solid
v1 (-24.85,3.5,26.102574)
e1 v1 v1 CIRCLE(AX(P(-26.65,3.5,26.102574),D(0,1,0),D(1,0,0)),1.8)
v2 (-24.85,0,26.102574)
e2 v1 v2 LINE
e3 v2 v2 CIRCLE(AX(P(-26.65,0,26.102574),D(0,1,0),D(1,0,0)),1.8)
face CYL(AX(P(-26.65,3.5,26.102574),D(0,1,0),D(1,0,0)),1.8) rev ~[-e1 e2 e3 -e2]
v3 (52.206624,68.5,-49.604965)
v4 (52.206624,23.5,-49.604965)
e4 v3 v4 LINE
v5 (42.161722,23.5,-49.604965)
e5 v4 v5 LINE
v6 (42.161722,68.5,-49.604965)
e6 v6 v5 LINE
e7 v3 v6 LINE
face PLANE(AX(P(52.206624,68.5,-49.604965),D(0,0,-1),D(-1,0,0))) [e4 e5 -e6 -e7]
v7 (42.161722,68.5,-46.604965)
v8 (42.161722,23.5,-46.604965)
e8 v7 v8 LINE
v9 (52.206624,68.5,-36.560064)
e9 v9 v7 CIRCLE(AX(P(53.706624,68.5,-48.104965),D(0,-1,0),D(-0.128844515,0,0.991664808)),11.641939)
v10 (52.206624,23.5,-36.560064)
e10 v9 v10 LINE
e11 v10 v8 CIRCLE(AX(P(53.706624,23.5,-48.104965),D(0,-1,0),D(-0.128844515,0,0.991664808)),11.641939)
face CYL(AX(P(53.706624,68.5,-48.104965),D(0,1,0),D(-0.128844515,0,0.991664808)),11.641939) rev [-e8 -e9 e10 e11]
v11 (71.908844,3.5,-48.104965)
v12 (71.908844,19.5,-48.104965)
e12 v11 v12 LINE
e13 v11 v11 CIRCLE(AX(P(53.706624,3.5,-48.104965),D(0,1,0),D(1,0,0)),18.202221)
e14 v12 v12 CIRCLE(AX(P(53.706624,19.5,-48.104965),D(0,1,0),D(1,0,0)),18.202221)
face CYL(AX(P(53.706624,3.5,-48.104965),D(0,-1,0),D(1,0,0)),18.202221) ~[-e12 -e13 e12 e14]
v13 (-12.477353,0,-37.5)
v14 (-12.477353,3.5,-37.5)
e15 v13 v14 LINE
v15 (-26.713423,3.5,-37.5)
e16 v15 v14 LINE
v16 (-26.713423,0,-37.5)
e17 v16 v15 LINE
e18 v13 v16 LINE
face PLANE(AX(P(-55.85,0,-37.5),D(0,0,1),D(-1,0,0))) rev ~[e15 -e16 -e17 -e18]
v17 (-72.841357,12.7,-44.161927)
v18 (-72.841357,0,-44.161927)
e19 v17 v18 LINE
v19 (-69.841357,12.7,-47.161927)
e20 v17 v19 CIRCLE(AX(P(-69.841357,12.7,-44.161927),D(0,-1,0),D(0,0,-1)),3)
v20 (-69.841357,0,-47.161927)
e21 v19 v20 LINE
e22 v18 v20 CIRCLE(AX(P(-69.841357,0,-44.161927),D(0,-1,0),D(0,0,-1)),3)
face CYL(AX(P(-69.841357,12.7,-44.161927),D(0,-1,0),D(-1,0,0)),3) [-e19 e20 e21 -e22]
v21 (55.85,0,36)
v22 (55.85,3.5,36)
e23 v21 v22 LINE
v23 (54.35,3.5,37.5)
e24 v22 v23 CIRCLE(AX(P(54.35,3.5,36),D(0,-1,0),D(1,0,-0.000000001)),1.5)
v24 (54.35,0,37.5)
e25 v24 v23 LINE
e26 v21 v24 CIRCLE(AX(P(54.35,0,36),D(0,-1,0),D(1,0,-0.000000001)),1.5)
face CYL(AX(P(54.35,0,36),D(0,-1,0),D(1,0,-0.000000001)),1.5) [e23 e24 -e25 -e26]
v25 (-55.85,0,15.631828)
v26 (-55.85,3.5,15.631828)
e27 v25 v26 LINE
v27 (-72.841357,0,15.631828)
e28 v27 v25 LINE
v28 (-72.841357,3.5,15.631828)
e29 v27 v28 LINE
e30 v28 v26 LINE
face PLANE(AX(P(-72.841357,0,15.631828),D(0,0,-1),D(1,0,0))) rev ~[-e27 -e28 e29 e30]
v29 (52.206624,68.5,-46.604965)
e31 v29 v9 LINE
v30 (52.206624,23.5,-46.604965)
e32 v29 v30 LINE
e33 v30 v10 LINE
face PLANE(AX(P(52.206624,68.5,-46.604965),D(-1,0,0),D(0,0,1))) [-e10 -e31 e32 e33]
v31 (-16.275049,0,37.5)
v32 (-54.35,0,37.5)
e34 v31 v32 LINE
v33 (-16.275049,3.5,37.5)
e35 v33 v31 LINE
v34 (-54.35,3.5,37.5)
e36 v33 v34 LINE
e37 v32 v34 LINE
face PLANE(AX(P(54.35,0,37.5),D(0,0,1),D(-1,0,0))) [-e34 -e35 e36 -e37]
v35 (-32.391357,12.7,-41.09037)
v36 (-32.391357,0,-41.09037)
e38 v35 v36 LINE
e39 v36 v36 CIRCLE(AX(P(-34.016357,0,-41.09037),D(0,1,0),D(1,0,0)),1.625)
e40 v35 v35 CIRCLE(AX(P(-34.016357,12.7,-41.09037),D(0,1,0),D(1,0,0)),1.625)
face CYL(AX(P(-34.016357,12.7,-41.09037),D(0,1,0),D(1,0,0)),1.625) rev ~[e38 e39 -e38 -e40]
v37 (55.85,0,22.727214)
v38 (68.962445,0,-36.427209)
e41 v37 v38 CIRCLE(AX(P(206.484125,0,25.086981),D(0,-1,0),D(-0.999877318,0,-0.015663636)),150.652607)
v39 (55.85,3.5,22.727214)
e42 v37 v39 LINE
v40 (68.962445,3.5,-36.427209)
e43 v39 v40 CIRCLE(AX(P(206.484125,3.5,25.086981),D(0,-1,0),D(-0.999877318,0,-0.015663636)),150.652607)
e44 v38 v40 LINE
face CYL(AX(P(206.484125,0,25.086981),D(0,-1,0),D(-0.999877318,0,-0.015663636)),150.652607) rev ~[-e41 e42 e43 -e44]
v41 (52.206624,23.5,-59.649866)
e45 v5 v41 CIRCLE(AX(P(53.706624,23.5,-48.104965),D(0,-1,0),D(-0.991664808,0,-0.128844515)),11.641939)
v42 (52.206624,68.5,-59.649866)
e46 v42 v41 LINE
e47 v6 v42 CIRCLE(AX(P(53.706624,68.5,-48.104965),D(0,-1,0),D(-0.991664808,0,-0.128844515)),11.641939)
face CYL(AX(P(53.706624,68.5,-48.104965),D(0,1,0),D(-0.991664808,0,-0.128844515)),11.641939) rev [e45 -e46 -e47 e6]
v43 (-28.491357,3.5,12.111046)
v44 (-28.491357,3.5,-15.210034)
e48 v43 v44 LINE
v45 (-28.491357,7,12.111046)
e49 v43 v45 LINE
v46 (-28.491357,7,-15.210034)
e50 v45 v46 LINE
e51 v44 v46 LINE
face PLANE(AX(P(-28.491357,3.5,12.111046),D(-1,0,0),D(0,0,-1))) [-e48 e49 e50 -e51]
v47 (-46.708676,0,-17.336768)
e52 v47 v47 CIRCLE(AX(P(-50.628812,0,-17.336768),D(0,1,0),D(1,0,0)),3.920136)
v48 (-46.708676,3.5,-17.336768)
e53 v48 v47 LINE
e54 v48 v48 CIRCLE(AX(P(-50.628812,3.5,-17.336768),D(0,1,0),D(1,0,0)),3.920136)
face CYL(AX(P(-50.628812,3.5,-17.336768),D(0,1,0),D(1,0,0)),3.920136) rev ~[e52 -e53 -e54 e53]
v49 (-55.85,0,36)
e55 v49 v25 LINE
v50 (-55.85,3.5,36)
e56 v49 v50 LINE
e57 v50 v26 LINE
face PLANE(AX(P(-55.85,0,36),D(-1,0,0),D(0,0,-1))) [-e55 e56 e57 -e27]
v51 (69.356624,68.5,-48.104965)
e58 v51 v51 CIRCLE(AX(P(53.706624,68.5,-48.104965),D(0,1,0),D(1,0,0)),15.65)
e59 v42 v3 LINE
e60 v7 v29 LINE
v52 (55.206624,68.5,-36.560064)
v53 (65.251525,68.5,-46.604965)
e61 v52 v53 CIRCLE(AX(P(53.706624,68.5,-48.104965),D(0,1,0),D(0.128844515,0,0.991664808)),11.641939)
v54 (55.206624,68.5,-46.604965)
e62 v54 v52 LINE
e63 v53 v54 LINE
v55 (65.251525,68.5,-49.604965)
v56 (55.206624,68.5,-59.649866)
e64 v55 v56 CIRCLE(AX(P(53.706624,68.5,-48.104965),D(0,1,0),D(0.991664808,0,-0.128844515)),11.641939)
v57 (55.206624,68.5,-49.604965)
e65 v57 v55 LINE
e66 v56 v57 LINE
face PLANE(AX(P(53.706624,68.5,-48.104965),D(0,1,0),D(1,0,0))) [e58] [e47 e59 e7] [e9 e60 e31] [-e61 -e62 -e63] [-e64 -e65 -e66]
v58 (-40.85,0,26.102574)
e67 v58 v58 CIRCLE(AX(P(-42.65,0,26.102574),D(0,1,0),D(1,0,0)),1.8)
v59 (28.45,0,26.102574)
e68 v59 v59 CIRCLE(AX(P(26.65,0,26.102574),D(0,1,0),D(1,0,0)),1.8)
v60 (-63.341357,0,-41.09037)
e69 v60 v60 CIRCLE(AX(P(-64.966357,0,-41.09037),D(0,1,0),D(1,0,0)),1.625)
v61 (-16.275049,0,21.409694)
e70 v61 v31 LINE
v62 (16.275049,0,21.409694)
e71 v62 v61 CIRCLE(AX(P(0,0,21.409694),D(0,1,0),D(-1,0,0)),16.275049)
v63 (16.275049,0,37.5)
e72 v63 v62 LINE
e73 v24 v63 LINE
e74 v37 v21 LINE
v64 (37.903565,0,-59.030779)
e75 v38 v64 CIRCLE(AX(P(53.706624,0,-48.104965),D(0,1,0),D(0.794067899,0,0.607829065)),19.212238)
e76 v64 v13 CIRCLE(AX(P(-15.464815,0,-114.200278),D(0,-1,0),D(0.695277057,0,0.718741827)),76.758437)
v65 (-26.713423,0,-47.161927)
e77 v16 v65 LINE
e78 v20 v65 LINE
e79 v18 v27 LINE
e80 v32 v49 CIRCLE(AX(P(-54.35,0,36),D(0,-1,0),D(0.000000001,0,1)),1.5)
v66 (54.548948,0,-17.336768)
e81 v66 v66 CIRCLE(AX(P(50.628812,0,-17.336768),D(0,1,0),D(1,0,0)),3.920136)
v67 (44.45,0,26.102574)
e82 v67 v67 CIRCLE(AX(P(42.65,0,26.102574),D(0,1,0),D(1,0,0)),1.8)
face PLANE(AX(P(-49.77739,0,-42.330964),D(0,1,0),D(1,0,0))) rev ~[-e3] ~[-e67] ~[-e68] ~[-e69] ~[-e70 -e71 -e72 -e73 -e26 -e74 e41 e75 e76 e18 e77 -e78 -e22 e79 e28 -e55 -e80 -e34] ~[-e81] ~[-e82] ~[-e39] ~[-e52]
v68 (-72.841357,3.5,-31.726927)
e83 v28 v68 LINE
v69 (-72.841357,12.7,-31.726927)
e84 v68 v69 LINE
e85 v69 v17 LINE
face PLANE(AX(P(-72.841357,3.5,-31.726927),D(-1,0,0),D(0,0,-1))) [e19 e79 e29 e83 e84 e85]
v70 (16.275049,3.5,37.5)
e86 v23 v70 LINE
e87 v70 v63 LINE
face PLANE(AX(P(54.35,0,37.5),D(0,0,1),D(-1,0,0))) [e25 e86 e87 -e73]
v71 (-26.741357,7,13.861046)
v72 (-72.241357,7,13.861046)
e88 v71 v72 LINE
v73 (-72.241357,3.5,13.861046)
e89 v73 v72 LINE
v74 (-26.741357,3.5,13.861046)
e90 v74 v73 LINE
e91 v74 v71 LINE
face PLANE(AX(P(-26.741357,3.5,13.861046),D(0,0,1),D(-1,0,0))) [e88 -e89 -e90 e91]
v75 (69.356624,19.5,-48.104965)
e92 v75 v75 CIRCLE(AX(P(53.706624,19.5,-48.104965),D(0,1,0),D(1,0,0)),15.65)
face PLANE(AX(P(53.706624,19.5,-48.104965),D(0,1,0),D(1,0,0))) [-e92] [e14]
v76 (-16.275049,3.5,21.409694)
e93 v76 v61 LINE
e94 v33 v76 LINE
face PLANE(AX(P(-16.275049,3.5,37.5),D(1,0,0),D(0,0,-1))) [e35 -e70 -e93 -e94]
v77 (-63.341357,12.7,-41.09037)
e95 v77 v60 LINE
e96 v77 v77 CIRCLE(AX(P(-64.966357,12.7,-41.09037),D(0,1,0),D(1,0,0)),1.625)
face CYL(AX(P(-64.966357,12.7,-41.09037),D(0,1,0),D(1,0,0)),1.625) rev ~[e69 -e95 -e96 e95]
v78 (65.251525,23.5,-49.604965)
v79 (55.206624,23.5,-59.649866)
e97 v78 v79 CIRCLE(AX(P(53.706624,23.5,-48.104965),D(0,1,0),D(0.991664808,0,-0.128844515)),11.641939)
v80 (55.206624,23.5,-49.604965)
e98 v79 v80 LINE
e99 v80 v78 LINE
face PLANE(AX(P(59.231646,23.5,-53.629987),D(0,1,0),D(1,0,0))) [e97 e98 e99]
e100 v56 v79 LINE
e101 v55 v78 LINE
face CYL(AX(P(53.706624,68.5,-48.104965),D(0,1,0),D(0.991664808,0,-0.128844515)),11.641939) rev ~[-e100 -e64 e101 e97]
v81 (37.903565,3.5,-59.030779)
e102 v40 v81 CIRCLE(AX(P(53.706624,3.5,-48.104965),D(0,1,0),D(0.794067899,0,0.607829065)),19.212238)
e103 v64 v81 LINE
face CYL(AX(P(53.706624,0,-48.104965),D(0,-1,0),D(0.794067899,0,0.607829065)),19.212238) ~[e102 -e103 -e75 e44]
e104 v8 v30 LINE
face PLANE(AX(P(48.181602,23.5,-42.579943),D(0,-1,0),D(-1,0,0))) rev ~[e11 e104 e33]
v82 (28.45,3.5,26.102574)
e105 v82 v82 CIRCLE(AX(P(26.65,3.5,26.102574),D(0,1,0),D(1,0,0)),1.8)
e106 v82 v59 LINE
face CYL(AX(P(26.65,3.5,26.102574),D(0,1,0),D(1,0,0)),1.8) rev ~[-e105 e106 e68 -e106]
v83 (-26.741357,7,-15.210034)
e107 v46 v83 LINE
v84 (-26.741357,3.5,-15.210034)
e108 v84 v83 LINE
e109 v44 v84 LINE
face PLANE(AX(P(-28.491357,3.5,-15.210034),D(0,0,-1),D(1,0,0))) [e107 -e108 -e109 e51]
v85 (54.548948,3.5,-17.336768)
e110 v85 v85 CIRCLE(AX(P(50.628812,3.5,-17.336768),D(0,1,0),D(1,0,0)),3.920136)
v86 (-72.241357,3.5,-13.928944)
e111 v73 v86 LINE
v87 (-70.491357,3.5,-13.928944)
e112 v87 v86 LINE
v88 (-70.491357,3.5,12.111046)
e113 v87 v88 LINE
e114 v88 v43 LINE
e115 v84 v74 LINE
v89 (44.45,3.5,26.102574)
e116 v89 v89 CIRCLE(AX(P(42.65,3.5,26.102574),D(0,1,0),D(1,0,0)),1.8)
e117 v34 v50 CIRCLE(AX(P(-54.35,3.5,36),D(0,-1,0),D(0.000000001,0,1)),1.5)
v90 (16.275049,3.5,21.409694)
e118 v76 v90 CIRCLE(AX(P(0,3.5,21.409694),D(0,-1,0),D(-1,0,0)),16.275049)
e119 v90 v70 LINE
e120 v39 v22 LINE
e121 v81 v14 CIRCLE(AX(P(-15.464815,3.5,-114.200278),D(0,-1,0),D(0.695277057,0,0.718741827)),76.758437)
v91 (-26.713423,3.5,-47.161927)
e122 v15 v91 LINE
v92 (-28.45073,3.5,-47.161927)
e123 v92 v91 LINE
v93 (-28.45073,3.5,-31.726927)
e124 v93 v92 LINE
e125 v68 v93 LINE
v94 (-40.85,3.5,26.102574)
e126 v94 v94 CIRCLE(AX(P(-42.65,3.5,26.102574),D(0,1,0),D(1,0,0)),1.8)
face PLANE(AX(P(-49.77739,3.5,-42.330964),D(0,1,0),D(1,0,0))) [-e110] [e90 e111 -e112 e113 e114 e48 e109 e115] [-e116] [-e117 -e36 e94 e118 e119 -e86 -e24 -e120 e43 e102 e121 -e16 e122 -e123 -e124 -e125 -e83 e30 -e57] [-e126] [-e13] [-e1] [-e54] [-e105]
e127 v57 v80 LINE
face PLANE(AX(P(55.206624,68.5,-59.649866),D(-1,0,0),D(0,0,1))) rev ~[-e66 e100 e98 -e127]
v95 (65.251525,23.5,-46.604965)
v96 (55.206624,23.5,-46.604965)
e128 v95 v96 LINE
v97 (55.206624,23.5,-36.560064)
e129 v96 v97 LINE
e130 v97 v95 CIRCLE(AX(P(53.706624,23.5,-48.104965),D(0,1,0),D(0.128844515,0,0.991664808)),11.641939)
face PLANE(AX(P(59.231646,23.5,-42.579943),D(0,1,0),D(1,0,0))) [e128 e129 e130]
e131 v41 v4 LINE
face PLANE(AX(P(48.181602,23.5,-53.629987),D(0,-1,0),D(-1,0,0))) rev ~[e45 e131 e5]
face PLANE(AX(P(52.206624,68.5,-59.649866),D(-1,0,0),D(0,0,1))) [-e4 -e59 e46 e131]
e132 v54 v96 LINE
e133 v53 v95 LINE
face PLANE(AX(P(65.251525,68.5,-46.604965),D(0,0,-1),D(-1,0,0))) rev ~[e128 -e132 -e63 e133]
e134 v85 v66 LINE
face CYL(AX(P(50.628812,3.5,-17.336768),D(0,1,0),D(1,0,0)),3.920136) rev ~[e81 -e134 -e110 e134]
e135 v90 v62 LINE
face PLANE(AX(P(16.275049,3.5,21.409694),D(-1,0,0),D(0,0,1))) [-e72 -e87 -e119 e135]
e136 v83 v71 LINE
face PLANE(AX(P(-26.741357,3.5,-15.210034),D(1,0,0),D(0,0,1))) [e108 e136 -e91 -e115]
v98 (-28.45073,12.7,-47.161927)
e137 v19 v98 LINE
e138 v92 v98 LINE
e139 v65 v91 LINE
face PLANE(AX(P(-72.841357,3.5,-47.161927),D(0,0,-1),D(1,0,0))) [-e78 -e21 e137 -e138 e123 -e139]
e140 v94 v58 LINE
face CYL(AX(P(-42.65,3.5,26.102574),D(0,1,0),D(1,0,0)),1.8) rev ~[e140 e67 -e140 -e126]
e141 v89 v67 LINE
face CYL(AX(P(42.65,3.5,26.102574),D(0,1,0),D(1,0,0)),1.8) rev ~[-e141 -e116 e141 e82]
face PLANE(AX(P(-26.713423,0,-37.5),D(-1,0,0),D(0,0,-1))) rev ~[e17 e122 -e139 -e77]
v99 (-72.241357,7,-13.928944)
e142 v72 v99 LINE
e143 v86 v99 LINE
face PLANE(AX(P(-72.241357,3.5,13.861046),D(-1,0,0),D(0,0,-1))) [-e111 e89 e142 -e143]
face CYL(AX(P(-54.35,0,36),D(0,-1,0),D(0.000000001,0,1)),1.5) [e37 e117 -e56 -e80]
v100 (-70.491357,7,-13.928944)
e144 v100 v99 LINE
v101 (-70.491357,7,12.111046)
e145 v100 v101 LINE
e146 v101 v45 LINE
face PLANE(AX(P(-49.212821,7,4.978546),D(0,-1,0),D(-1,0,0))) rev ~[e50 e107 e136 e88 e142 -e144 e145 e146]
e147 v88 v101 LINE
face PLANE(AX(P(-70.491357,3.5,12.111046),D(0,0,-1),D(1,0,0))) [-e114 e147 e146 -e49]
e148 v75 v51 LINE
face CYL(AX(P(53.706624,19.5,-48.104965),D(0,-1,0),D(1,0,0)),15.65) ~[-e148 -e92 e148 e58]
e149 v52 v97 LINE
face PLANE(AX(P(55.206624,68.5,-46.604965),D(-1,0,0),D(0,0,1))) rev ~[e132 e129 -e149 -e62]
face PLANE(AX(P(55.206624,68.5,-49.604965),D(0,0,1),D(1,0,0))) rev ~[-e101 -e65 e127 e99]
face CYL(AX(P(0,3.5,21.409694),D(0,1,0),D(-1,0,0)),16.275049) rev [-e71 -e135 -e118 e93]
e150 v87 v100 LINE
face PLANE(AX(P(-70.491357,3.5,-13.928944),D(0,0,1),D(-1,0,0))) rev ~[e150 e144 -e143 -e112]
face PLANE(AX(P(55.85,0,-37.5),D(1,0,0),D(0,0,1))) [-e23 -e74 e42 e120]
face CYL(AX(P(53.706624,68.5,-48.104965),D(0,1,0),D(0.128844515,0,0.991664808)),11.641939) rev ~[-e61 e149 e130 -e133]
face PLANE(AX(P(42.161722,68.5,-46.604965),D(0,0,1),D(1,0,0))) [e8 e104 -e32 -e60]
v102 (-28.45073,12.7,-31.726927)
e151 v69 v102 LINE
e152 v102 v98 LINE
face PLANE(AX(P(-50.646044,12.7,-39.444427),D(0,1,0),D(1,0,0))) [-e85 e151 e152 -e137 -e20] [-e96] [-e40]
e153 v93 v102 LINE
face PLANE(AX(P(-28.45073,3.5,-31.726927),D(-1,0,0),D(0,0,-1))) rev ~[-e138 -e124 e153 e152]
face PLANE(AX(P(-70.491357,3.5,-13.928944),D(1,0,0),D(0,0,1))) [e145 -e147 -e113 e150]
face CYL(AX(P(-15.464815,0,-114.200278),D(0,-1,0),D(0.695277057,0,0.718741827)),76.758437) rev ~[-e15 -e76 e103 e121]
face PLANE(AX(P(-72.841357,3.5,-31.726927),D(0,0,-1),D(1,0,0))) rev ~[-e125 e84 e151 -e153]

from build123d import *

# Parameters (mm, degrees)
BOSS_EXTRUDE1_DEPTH  = 3.5
SKETCH2_R            = 1.8
SKETCH2_R_2          = 3.920136022
CUT_EXTRUDE1_DEPTH   = 4
SKETCH3_R            = 15
BOSS_EXTRUDE2_DEPTH  = 3.5
SKETCH4_R            = 15
BOSS_EXTRUDE3_DEPTH  = 65
CUT_EXTRUDE2_DEPTH   = 45
BOSS_EXTRUDE4_DEPTH  = 3.5
SKETCH8_R            = 18.202220901
BOSS_EXTRUDE5_DEPTH  = 16
SKETCH9_R            = 15.776157057
SKETCH9_R_2          = 14
CUT_EXTRUDE3_DEPTH   = 49
BOSS_EXTRUDE6_DEPTH  = 3.5
BOSS_EXTRUDE7_DEPTH  = 3.5
SKETCH13_W           = 46.127934492
SKETCH13_H           = 9.661927398
BOSS_EXTRUDE8_DEPTH  = 3.5
SKETCH14_W           = 44.39062698
SKETCH14_H           = 15.435
BOSS_EXTRUDE9_DEPTH  = 9.2
CUT_EXTRUDE4_REACH   = 14.7
SKETCH15_R           = 1.625
FILLET3_R            = 3
SKETCH16_R           = 15.65
SKETCH16_R_2         = 14
BOSS_EXTRUDE10_DEPTH = 49


with BuildPart() as part:
    # Sketch1 → Boss-Extrude1 (new body)
    with BuildSketch(Plane(origin=(0, 0, 0), x_dir=(1, 0, 0), z_dir=(0, 1, 0))):
        with BuildLine():
            Line((-55.85, 37.5), (55.85, 37.5))
            Line((55.85, 37.5), (55.85, -36))
            ThreePointArc((55.85, -36), (55.410660172, -37.060660172), (54.35, -37.5))
            Line((54.35, -37.5), (-54.35, -37.5))
            ThreePointArc((-54.35, -37.5), (-55.410660172, -37.060660172), (-55.85, -36))
            Line((-55.85, -36), (-55.85, 37.5))
        make_face()
    extrude(amount=BOSS_EXTRUDE1_DEPTH)

    # Sketch2 → Cut-Extrude1 (cut)
    with BuildSketch(Plane(origin=(0, 3.5, 0), x_dir=(1, 0, 0), z_dir=(0, 1, 0))):
        with Locations((-42.65, -26.10257403)):
            Circle(SKETCH2_R)
        with Locations((-26.65, -26.10257403)):
            Circle(SKETCH2_R)
        with Locations((26.65, -26.10257403)):
            Circle(SKETCH2_R)
        with Locations((42.65, -26.10257403)):
            Circle(SKETCH2_R)
        with Locations((-50.62881184, 17.336768313)):
            Circle(SKETCH2_R_2)
        with Locations((50.62881184, 17.336768313)):
            Circle(SKETCH2_R_2)
        with BuildLine():
            Line((-16.275049205, -37.5), (-16.275049205, -21.409694211))
            ThreePointArc((-16.275049205, -21.409694211), (0, -5.134645006), (16.275049205, -21.409694211))
            Line((16.275049205, -21.409694211), (16.275049205, -37.5))
            Line((16.275049205, -37.5), (-16.275049205, -37.5))
        make_face()
    extrude(amount=-CUT_EXTRUDE1_DEPTH, mode=Mode.SUBTRACT)

    # Sketch3 → Boss-Extrude2 (add)
    with BuildSketch(Plane(origin=(0, 0, 0), x_dir=(1, 0, 0), z_dir=(0, 1, 0))):
        with Locations((53.706623558, 48.104964972)):
            Circle(SKETCH3_R)
    extrude(amount=BOSS_EXTRUDE2_DEPTH)

    # Sketch4 → Boss-Extrude3 (add)
    with BuildSketch(Plane(origin=(0, 3.5, 0), x_dir=(1, 0, 0), z_dir=(0, 1, 0))):
        with Locations((53.706623558, 48.104964972)):
            Circle(SKETCH4_R)
    extrude(amount=BOSS_EXTRUDE3_DEPTH)

    # Sketch5 → Cut-Extrude2 (cut)
    with BuildSketch(Plane(origin=(0, 68.5, 0), x_dir=(1, 0, 0), z_dir=(0, 1, 0))):
        with BuildLine():
            Line((42.161722237, 46.604964972), (52.206623558, 46.604964972))
            Line((52.206623558, 46.604964972), (52.206623558, 36.560063651))
            ThreePointArc((52.206623558, 36.560063651), (45.474529459, 39.872870873), (42.161722237, 46.604964972))
        make_face()
        with BuildLine():
            Line((65.251524879, 46.604964972), (55.206623558, 46.604964972))
            Line((55.206623558, 46.604964972), (55.206623558, 36.560063651))
            ThreePointArc((55.206623558, 36.560063651), (61.938717657, 39.872870873), (65.251524879, 46.604964972))
        make_face()
        with BuildLine():
            Line((55.206623558, 49.604964972), (65.251524879, 49.604964972))
            ThreePointArc((65.251524879, 49.604964972), (61.938717657, 56.337059071), (55.206623558, 59.649866293))
            Line((55.206623558, 59.649866293), (55.206623558, 49.604964972))
        make_face()
        with BuildLine():
            Line((52.206623558, 59.649866293), (52.206623558, 49.604964972))
            Line((52.206623558, 49.604964972), (42.161722237, 49.604964972))
            ThreePointArc((42.161722237, 49.604964972), (45.474529459, 56.337059071), (52.206623558, 59.649866293))
        make_face()
    extrude(amount=-CUT_EXTRUDE2_DEPTH, mode=Mode.SUBTRACT)

    # Sketch7 → Boss-Extrude4 (add)
    with BuildSketch(Plane(origin=(0, 0, 0), x_dir=(1, 0, 0), z_dir=(0, 1, 0))):
        with BuildLine():
            Line((-12.477353441, 37.5), (55.85, 37.5))
            Line((55.85, 37.5), (55.85, -22.727213829))
            ThreePointArc((55.85, -22.727213829), (59.401653411, 7.516004094), (68.962444737, 36.427208523))
            ThreePointArc((68.962444737, 36.427208523), (65.011720609, 63.638955321), (37.903565045, 59.030779228))
            ThreePointArc((37.903565045, 59.030779228), (14.699548646, 43.617215299), (-12.477353441, 37.5))
        make_face()
    extrude(amount=BOSS_EXTRUDE4_DEPTH)

    # Sketch8 → Boss-Extrude5 (add)
    with BuildSketch(Plane(origin=(0, 3.5, 0), x_dir=(1, 0, 0), z_dir=(0, 1, 0))):
        with Locations((53.706623558, 48.104964972)):
            Circle(SKETCH8_R)
    extrude(amount=BOSS_EXTRUDE5_DEPTH)

    # Sketch9 → Cut-Extrude3 (cut)
    with BuildSketch(Plane(origin=(0, 68.5, 0), x_dir=(1, 0, 0), z_dir=(0, 1, 0))):
        with Locations((53.706623558, 48.104964972)):
            Circle(SKETCH9_R)
        with Locations((53.706623558, 48.104964972)):
            Circle(SKETCH9_R_2, mode=Mode.SUBTRACT)
    extrude(amount=-CUT_EXTRUDE3_DEPTH, mode=Mode.SUBTRACT)

    # Sketch11 → Boss-Extrude6 (add)
    with BuildSketch(Plane(origin=(0, 0, 0), x_dir=(1, 0, 0), z_dir=(0, 1, 0))):
        Polygon((-55.85, 37.5), (-67.841357128, 37.5), (-72.841357128, 37.5), (-72.841357128, 32.5), (-72.841357128, -9.63182819), (-72.841357128, -15.63182819), (-66.841357128, -15.63182819), (-55.85, -15.63182819), (-55.85, -14.63182819), (-55.85, 0), align=None)
    extrude(amount=BOSS_EXTRUDE6_DEPTH)

    # Sketch12 → Boss-Extrude7 (add)
    with BuildSketch(Plane(origin=(0, 3.5, 0), x_dir=(1, 0, 0), z_dir=(0, 1, 0))):
        Polygon((-28.491357128, 15.210034265), (-26.741357128, 15.210034265), (-26.741357128, -13.861045819), (-72.241357128, -13.861045819), (-72.241357128, 13.92894421), (-71.491357128, 13.92894421), (-70.491357128, 13.92894421), (-70.491357128, -12.111045819), (-28.491357128, -12.111045819), align=None)
    extrude(amount=BOSS_EXTRUDE7_DEPTH)

    # Sketch13 → Boss-Extrude8 (add)
    with BuildSketch(Plane(origin=(0, 0, 0), x_dir=(1, 0, 0), z_dir=(0, 1, 0))):
        with Locations((-49.777389882, 42.330963699)):
            Rectangle(SKETCH13_W, SKETCH13_H)
    extrude(amount=BOSS_EXTRUDE8_DEPTH)

    # Sketch14 → Boss-Extrude9 (add)
    with BuildSketch(Plane(origin=(0, 3.5, 0), x_dir=(1, 0, 0), z_dir=(0, 1, 0))):
        with Locations((-50.646043638, 39.444427398)):
            Rectangle(SKETCH14_W, SKETCH14_H)
    extrude(amount=BOSS_EXTRUDE9_DEPTH)

    # Sketch15 → Cut-Extrude4 (cut, up to next)
    with BuildSketch(Plane(origin=(0, 12.7, 0), x_dir=(1, 0, 0), z_dir=(0, 1, 0)), mode=Mode.PRIVATE) as cut_extrude4_sk1:
        with Locations((-64.966357128, 41.090370398)):
            Circle(SKETCH15_R)
    cut_extrude4_tool1 = extrude(cut_extrude4_sk1.sketch, amount=-CUT_EXTRUDE4_REACH, mode=Mode.PRIVATE) & part.part
    add(cut_extrude4_tool1.solids().sort_by_distance((-64.966357, 12.7, -41.09037))[0], mode=Mode.SUBTRACT)
    # Sketch15 → Cut-Extrude4 (cut, up to next)
    with BuildSketch(Plane(origin=(0, 12.7, 0), x_dir=(1, 0, 0), z_dir=(0, 1, 0)), mode=Mode.PRIVATE) as cut_extrude4_sk2:
        with Locations((-34.016357128, 41.090370398)):
            Circle(SKETCH15_R)
    cut_extrude4_tool2 = extrude(cut_extrude4_sk2.sketch, amount=-CUT_EXTRUDE4_REACH, mode=Mode.PRIVATE) & part.part
    add(cut_extrude4_tool2.solids().sort_by_distance((-34.016357, 12.7, -41.09037))[0], mode=Mode.SUBTRACT)

    # Fillet3
    fillet3_edges = [part.edges().sort_by_distance(p)[0] for p in [
        (-72.841357128, 6.35, -47.161927398),
    ]]
    fillet(fillet3_edges, radius=FILLET3_R)

    # Sketch16 → Boss-Extrude10 (add)
    with BuildSketch(Plane(origin=(0, 19.5, 0), x_dir=(1, 0, 0), z_dir=(0, 1, 0))):
        with Locations((53.706623558, 48.104964972)):
            Circle(SKETCH16_R)
        with Locations((53.706623558, 48.104964972)):
            Circle(SKETCH16_R_2, mode=Mode.SUBTRACT)
    extrude(amount=BOSS_EXTRUDE10_DEPTH)


solid = part.part
